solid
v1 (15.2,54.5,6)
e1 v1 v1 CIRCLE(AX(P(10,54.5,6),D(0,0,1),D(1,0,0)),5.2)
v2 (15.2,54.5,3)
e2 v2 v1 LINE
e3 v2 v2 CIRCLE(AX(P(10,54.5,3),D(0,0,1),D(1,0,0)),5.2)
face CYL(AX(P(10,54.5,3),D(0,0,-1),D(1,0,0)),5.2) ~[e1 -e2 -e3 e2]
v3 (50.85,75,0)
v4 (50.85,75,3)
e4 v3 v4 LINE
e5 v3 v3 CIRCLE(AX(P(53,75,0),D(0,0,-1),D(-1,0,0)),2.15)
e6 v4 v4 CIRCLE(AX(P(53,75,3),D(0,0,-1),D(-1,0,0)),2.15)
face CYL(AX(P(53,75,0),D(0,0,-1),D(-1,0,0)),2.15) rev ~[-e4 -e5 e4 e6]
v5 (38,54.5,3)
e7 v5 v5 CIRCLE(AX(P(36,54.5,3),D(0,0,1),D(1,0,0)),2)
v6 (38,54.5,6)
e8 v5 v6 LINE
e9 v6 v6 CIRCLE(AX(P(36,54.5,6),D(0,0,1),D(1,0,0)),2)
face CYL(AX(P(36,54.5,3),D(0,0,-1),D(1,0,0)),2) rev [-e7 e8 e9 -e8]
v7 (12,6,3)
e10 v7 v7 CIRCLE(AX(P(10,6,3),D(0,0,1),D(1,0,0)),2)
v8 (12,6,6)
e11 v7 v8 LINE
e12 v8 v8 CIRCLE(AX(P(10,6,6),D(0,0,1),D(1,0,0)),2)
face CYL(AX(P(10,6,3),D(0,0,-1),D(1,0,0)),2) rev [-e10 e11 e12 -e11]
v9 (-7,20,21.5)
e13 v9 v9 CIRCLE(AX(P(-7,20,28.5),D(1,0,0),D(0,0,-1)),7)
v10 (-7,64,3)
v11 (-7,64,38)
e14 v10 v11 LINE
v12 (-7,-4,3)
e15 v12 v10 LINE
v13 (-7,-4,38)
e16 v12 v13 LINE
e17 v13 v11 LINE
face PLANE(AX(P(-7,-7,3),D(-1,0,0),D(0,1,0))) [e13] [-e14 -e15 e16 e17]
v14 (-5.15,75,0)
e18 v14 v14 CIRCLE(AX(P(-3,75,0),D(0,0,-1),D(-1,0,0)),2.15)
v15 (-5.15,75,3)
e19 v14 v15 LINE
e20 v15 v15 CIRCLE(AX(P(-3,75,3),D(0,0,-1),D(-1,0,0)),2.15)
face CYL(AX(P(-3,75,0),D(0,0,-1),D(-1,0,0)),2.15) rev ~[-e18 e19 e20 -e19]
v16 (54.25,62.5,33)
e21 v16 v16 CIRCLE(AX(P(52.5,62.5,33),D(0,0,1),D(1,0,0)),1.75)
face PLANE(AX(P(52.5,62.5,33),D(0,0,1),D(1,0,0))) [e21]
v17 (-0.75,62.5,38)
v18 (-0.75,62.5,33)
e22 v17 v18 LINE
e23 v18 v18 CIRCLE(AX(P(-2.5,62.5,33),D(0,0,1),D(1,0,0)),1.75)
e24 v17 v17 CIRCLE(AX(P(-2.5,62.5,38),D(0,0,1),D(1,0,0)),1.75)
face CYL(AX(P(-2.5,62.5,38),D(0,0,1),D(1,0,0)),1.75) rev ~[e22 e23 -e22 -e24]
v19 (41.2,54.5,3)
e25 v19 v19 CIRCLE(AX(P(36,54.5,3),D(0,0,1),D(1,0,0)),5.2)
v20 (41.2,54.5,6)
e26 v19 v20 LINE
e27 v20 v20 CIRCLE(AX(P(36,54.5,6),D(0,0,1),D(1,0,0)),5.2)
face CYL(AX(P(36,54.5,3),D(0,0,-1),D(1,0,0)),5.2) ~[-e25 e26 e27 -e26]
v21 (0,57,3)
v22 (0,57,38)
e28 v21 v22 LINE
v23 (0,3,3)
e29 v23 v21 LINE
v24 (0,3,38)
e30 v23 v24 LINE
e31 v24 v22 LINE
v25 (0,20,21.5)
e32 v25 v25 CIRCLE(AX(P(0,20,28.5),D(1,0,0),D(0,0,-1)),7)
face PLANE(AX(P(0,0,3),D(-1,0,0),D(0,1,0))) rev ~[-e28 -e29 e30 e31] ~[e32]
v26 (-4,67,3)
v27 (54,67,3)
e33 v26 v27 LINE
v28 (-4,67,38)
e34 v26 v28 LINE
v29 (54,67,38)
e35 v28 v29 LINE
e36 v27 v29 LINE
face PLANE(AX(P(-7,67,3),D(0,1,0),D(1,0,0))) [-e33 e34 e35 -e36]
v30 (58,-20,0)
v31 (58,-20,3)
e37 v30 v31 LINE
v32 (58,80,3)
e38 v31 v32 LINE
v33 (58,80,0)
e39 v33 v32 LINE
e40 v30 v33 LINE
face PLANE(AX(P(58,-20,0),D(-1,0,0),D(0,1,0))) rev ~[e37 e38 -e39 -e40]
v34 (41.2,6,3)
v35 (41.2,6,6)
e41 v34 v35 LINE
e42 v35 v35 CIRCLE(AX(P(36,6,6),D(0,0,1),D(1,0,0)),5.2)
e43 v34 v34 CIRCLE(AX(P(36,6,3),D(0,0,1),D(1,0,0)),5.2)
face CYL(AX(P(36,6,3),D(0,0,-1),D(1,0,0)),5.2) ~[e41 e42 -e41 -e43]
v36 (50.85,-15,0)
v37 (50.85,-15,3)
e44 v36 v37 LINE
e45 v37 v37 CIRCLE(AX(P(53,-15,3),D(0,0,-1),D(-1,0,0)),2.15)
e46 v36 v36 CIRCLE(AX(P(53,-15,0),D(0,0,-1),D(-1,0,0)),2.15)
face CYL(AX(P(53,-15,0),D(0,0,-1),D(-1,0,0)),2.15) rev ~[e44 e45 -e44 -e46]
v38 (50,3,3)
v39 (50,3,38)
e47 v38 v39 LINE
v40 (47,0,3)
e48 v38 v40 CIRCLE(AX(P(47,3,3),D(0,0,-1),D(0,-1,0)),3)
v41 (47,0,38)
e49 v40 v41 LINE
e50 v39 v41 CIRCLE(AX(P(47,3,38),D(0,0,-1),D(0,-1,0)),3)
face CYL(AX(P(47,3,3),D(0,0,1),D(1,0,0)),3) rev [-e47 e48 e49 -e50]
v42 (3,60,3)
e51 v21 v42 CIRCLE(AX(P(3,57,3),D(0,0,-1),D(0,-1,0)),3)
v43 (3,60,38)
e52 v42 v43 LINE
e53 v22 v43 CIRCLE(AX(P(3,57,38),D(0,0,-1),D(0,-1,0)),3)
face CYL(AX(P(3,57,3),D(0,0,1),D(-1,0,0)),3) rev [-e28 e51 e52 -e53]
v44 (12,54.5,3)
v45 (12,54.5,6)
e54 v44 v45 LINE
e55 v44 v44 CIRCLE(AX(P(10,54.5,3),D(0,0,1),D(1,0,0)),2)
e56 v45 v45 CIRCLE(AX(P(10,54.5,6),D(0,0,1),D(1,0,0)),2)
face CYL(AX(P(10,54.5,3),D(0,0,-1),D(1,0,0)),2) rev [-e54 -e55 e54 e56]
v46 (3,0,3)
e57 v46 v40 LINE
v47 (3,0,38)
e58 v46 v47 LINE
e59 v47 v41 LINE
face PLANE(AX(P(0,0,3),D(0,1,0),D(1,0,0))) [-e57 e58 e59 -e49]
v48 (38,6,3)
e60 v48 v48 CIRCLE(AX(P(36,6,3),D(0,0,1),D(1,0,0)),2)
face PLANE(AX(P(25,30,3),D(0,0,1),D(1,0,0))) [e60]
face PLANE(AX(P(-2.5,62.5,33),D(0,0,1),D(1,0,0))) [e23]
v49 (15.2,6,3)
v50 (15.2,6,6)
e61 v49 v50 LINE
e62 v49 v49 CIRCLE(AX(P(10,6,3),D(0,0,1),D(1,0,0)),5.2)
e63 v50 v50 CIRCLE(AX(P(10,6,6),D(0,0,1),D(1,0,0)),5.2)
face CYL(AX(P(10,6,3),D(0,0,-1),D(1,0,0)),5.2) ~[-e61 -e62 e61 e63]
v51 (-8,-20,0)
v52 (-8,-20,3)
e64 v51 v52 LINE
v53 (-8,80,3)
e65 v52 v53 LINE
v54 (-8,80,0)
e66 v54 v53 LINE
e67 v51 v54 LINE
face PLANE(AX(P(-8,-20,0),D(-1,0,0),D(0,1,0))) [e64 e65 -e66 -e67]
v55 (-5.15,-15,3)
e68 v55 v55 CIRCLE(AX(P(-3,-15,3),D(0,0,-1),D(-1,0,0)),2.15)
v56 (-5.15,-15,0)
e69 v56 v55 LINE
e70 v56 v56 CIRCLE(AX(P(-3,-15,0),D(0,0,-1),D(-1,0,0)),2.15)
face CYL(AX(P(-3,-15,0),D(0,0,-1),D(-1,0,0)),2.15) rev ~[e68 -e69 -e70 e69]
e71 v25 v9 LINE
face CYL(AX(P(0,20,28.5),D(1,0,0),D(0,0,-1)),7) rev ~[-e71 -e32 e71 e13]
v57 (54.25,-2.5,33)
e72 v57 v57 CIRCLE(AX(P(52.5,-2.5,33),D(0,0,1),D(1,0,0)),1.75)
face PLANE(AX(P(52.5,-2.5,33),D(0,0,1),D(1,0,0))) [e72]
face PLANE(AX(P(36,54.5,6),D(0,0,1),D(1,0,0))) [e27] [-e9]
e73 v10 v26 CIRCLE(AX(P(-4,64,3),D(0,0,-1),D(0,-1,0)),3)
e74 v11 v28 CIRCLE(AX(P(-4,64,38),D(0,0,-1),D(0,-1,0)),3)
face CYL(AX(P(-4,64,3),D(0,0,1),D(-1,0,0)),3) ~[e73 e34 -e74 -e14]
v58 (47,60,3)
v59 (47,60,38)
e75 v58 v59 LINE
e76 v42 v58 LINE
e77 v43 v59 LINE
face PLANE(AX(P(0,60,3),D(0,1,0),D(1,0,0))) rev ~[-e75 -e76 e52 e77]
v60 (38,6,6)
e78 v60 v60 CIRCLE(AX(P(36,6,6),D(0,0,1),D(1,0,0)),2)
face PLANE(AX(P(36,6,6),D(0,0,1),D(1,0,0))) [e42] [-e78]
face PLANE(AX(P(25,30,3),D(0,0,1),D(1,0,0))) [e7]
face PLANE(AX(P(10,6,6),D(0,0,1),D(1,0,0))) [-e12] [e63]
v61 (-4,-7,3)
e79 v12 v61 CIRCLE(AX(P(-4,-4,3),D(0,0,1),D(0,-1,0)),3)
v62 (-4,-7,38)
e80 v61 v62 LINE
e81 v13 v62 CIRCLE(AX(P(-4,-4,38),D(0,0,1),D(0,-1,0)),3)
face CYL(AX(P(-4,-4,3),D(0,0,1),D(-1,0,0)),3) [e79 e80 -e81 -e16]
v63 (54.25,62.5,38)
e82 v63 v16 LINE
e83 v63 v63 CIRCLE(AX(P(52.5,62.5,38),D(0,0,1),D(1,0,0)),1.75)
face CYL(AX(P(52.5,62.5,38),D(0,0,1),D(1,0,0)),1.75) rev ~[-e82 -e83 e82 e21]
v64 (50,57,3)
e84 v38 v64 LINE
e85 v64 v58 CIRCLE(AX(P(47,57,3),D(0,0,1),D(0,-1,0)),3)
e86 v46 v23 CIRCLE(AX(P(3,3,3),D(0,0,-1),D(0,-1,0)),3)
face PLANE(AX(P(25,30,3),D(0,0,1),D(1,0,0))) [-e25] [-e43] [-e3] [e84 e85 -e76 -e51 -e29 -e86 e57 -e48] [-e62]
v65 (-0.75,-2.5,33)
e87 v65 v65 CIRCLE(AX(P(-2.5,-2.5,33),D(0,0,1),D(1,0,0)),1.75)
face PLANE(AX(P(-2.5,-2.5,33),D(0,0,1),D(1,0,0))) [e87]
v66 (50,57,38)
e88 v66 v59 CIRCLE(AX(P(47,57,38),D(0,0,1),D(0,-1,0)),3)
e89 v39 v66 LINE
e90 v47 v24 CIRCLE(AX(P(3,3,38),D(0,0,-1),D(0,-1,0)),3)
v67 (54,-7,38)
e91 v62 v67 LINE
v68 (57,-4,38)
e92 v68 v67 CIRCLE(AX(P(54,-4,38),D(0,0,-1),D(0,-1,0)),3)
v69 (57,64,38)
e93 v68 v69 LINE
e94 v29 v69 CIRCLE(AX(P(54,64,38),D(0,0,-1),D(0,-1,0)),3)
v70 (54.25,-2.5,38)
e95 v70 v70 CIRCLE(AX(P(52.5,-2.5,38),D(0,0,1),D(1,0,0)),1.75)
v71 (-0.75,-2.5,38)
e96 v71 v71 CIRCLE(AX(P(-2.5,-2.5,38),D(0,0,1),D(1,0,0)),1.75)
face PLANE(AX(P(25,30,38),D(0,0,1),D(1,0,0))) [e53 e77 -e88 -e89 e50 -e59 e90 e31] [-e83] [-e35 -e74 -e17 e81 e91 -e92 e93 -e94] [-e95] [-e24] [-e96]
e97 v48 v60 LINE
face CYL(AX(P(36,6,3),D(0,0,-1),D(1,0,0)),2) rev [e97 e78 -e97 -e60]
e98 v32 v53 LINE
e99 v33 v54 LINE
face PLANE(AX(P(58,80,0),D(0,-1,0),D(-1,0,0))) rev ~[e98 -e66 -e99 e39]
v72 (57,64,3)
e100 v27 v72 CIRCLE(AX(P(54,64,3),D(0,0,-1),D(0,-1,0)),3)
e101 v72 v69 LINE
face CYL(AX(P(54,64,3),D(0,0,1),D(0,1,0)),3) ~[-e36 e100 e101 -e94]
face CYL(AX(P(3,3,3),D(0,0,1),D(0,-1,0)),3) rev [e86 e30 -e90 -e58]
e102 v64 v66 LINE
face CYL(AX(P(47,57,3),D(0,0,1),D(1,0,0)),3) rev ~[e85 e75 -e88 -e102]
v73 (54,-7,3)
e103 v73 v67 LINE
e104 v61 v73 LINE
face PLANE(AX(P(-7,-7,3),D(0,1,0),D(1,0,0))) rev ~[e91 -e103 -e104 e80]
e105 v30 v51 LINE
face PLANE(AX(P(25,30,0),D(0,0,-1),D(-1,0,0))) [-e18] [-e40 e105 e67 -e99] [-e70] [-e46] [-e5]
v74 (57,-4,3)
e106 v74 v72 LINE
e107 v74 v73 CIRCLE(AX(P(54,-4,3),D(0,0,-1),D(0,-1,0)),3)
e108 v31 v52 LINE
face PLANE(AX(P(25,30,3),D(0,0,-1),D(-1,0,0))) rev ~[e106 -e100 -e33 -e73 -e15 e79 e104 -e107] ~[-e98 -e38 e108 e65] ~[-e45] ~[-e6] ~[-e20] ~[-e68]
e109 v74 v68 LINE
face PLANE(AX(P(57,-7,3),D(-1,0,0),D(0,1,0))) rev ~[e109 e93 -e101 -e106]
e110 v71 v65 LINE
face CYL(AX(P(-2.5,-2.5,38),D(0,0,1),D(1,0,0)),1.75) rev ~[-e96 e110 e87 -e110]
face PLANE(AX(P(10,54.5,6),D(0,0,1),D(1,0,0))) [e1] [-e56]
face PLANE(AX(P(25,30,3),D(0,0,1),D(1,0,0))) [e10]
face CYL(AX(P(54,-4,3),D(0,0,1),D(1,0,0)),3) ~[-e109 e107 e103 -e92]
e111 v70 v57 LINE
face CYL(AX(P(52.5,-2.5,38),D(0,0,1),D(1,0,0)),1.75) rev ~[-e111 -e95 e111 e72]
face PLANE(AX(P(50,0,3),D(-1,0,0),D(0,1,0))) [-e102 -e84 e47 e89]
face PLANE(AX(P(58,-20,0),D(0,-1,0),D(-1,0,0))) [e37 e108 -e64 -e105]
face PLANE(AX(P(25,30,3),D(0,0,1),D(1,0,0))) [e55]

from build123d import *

# Parameters (mm, degrees)
SKICA1_W                    = 50
SKICA1_H                    = 60
P_IDAT_VYSUNUT_M2_DEPTH     = 3
SKICA3_W                    = 64
SKICA3_H                    = 74
SKICA3_W_2                  = 50
SKICA3_H_2                  = 60
VYSUNOUT_TENKOST_NN_1_DEPTH = 35
SKICA4_W                    = 66
SKICA4_H                    = 100
SKICA4_R                    = 2.15
SKICA4_W_2                  = 50
SKICA4_H_2                  = 60
P_IDAT_VYSUNUT_M5_DEPTH     = 3
SKICA2_R                    = 5.2
SKICA2_R_2                  = 2
VYSUNOUT_TENKOST_NN_2_DEPTH = 3
ZAOBLIT2_R                  = 3
ODEBRAT_VYSUNUT_M3_REACH    = 107.868
SKICA9_R                    = 7
ZAOBLIT4_R                  = 3
ZAOBLIT5_R                  = 3
ZAOBLIT6_R                  = 3
ZAOBLIT7_R                  = 3
SKICA10_R                   = 1.75
ODEBRAT_VYSUNUT_M4_DEPTH    = 5


with BuildPart() as part:
    # Skica1 → Přidat vysunutím2 (new body)
    with BuildSketch(Plane.XY):
        with Locations((25, 30)):
            Rectangle(SKICA1_W, SKICA1_H)
    extrude(amount=P_IDAT_VYSUNUT_M2_DEPTH)



with BuildPart() as body_2:
    # Skica3 → Vysunout tenkostěnný1 (new body)
    with BuildSketch(Plane.XY.offset(3)):
        with Locations((25, 30)):
            Rectangle(SKICA3_W, SKICA3_H)
        with Locations((25, 30)):
            Rectangle(SKICA3_W_2, SKICA3_H_2, mode=Mode.SUBTRACT)
    extrude(amount=VYSUNOUT_TENKOST_NN_1_DEPTH)


with BuildPart() as part_1:
    add(part.part)

    add(body_2.part)  # Přidat vysunutím5 merges body 2
    # Skica4 → Přidat vysunutím5 (add)
    with BuildSketch(Plane(origin=(0, 0, 0), x_dir=(-1, 0, 0), z_dir=(0, 0, -1))):
        with Locations((-25, 30)):
            Rectangle(SKICA4_W, SKICA4_H)
        with Locations((-53, 75)):
            Circle(SKICA4_R, mode=Mode.SUBTRACT)
        with Locations((3, 75)):
            Circle(SKICA4_R, mode=Mode.SUBTRACT)
        with Locations((3, -15)):
            Circle(SKICA4_R, mode=Mode.SUBTRACT)
        with Locations((-53, -15)):
            Circle(SKICA4_R, mode=Mode.SUBTRACT)
        with Locations((-25, 30)):
            Rectangle(SKICA4_W_2, SKICA4_H_2, mode=Mode.SUBTRACT)
    extrude(amount=-P_IDAT_VYSUNUT_M5_DEPTH)

    # Skica2 → Vysunout tenkostěnný2 (add)
    # profile 1 of 4: a face of its own
    with BuildSketch(Plane.XY.offset(3)):
        with Locations((10, 54.5)):
            Circle(SKICA2_R)
        with Locations((10, 54.5)):
            Circle(SKICA2_R_2, mode=Mode.SUBTRACT)
    # profile 2 of 4: a face of its own
    with BuildSketch(Plane.XY.offset(3)):
        with Locations((36, 54.5)):
            Circle(SKICA2_R)
        with Locations((36, 54.5)):
            Circle(SKICA2_R_2, mode=Mode.SUBTRACT)
    # profile 3 of 4: a face of its own
    with BuildSketch(Plane.XY.offset(3)):
        with Locations((36, 6)):
            Circle(SKICA2_R)
        with Locations((36, 6)):
            Circle(SKICA2_R_2, mode=Mode.SUBTRACT)
    # profile 4 of 4: a face of its own
    with BuildSketch(Plane.XY.offset(3)):
        with Locations((10, 6)):
            Circle(SKICA2_R)
        with Locations((10, 6)):
            Circle(SKICA2_R_2, mode=Mode.SUBTRACT)
    extrude(amount=VYSUNOUT_TENKOST_NN_2_DEPTH)

    # Zaoblit2
    zaoblit2_edges = [part_1.edges().sort_by_distance(p)[0] for p in [
        (-7, 67, 20.5),
        (-7, -7, 20.5),
        (57, -7, 20.5),
        (57, 67, 20.5),
    ]]
    fillet(zaoblit2_edges, radius=ZAOBLIT2_R)

    # Skica9 → Odebrat vysunutím3 (cut, up to next)
    with BuildSketch(Plane(origin=(0, 0, 0), x_dir=(0, 0, -1), z_dir=(1, 0, 0)), mode=Mode.PRIVATE) as odebrat_vysunut_m3_sk1:
        with Locations((-28.5, 20)):
            Circle(SKICA9_R)
    odebrat_vysunut_m3_tool1 = extrude(odebrat_vysunut_m3_sk1.sketch, amount=-ODEBRAT_VYSUNUT_M3_REACH, mode=Mode.PRIVATE) & part_1.part
    add(odebrat_vysunut_m3_tool1.solids().sort_by_distance((0, 20, 28.5))[0], mode=Mode.SUBTRACT)

    # Zaoblit4
    zaoblit4_edges = [part_1.edges().sort_by_distance(p)[0] for p in [
        (50, 60, 20.5),
    ]]
    fillet(zaoblit4_edges, radius=ZAOBLIT4_R)

    # Zaoblit5
    zaoblit5_edges = [part_1.edges().sort_by_distance(p)[0] for p in [
        (50, 0, 20.5),
    ]]
    fillet(zaoblit5_edges, radius=ZAOBLIT5_R)

    # Zaoblit6
    zaoblit6_edges = [part_1.edges().sort_by_distance(p)[0] for p in [
        (0, 0, 20.5),
    ]]
    fillet(zaoblit6_edges, radius=ZAOBLIT6_R)

    # Zaoblit7
    zaoblit7_edges = [part_1.edges().sort_by_distance(p)[0] for p in [
        (0, 60, 20.5),
    ]]
    fillet(zaoblit7_edges, radius=ZAOBLIT7_R)

    # Skica10 → Odebrat vysunutím4 (cut)
    with BuildSketch(Plane.XY.offset(38)):
        with Locations((-2.5, 62.5)):
            Circle(SKICA10_R)
        with Locations((52.5, 62.5)):
            Circle(SKICA10_R)
        with Locations((52.5, -2.5)):
            Circle(SKICA10_R)
        with Locations((-2.5, -2.5)):
            Circle(SKICA10_R)
    extrude(amount=-ODEBRAT_VYSUNUT_M4_DEPTH, mode=Mode.SUBTRACT)


solid = part_1.part
